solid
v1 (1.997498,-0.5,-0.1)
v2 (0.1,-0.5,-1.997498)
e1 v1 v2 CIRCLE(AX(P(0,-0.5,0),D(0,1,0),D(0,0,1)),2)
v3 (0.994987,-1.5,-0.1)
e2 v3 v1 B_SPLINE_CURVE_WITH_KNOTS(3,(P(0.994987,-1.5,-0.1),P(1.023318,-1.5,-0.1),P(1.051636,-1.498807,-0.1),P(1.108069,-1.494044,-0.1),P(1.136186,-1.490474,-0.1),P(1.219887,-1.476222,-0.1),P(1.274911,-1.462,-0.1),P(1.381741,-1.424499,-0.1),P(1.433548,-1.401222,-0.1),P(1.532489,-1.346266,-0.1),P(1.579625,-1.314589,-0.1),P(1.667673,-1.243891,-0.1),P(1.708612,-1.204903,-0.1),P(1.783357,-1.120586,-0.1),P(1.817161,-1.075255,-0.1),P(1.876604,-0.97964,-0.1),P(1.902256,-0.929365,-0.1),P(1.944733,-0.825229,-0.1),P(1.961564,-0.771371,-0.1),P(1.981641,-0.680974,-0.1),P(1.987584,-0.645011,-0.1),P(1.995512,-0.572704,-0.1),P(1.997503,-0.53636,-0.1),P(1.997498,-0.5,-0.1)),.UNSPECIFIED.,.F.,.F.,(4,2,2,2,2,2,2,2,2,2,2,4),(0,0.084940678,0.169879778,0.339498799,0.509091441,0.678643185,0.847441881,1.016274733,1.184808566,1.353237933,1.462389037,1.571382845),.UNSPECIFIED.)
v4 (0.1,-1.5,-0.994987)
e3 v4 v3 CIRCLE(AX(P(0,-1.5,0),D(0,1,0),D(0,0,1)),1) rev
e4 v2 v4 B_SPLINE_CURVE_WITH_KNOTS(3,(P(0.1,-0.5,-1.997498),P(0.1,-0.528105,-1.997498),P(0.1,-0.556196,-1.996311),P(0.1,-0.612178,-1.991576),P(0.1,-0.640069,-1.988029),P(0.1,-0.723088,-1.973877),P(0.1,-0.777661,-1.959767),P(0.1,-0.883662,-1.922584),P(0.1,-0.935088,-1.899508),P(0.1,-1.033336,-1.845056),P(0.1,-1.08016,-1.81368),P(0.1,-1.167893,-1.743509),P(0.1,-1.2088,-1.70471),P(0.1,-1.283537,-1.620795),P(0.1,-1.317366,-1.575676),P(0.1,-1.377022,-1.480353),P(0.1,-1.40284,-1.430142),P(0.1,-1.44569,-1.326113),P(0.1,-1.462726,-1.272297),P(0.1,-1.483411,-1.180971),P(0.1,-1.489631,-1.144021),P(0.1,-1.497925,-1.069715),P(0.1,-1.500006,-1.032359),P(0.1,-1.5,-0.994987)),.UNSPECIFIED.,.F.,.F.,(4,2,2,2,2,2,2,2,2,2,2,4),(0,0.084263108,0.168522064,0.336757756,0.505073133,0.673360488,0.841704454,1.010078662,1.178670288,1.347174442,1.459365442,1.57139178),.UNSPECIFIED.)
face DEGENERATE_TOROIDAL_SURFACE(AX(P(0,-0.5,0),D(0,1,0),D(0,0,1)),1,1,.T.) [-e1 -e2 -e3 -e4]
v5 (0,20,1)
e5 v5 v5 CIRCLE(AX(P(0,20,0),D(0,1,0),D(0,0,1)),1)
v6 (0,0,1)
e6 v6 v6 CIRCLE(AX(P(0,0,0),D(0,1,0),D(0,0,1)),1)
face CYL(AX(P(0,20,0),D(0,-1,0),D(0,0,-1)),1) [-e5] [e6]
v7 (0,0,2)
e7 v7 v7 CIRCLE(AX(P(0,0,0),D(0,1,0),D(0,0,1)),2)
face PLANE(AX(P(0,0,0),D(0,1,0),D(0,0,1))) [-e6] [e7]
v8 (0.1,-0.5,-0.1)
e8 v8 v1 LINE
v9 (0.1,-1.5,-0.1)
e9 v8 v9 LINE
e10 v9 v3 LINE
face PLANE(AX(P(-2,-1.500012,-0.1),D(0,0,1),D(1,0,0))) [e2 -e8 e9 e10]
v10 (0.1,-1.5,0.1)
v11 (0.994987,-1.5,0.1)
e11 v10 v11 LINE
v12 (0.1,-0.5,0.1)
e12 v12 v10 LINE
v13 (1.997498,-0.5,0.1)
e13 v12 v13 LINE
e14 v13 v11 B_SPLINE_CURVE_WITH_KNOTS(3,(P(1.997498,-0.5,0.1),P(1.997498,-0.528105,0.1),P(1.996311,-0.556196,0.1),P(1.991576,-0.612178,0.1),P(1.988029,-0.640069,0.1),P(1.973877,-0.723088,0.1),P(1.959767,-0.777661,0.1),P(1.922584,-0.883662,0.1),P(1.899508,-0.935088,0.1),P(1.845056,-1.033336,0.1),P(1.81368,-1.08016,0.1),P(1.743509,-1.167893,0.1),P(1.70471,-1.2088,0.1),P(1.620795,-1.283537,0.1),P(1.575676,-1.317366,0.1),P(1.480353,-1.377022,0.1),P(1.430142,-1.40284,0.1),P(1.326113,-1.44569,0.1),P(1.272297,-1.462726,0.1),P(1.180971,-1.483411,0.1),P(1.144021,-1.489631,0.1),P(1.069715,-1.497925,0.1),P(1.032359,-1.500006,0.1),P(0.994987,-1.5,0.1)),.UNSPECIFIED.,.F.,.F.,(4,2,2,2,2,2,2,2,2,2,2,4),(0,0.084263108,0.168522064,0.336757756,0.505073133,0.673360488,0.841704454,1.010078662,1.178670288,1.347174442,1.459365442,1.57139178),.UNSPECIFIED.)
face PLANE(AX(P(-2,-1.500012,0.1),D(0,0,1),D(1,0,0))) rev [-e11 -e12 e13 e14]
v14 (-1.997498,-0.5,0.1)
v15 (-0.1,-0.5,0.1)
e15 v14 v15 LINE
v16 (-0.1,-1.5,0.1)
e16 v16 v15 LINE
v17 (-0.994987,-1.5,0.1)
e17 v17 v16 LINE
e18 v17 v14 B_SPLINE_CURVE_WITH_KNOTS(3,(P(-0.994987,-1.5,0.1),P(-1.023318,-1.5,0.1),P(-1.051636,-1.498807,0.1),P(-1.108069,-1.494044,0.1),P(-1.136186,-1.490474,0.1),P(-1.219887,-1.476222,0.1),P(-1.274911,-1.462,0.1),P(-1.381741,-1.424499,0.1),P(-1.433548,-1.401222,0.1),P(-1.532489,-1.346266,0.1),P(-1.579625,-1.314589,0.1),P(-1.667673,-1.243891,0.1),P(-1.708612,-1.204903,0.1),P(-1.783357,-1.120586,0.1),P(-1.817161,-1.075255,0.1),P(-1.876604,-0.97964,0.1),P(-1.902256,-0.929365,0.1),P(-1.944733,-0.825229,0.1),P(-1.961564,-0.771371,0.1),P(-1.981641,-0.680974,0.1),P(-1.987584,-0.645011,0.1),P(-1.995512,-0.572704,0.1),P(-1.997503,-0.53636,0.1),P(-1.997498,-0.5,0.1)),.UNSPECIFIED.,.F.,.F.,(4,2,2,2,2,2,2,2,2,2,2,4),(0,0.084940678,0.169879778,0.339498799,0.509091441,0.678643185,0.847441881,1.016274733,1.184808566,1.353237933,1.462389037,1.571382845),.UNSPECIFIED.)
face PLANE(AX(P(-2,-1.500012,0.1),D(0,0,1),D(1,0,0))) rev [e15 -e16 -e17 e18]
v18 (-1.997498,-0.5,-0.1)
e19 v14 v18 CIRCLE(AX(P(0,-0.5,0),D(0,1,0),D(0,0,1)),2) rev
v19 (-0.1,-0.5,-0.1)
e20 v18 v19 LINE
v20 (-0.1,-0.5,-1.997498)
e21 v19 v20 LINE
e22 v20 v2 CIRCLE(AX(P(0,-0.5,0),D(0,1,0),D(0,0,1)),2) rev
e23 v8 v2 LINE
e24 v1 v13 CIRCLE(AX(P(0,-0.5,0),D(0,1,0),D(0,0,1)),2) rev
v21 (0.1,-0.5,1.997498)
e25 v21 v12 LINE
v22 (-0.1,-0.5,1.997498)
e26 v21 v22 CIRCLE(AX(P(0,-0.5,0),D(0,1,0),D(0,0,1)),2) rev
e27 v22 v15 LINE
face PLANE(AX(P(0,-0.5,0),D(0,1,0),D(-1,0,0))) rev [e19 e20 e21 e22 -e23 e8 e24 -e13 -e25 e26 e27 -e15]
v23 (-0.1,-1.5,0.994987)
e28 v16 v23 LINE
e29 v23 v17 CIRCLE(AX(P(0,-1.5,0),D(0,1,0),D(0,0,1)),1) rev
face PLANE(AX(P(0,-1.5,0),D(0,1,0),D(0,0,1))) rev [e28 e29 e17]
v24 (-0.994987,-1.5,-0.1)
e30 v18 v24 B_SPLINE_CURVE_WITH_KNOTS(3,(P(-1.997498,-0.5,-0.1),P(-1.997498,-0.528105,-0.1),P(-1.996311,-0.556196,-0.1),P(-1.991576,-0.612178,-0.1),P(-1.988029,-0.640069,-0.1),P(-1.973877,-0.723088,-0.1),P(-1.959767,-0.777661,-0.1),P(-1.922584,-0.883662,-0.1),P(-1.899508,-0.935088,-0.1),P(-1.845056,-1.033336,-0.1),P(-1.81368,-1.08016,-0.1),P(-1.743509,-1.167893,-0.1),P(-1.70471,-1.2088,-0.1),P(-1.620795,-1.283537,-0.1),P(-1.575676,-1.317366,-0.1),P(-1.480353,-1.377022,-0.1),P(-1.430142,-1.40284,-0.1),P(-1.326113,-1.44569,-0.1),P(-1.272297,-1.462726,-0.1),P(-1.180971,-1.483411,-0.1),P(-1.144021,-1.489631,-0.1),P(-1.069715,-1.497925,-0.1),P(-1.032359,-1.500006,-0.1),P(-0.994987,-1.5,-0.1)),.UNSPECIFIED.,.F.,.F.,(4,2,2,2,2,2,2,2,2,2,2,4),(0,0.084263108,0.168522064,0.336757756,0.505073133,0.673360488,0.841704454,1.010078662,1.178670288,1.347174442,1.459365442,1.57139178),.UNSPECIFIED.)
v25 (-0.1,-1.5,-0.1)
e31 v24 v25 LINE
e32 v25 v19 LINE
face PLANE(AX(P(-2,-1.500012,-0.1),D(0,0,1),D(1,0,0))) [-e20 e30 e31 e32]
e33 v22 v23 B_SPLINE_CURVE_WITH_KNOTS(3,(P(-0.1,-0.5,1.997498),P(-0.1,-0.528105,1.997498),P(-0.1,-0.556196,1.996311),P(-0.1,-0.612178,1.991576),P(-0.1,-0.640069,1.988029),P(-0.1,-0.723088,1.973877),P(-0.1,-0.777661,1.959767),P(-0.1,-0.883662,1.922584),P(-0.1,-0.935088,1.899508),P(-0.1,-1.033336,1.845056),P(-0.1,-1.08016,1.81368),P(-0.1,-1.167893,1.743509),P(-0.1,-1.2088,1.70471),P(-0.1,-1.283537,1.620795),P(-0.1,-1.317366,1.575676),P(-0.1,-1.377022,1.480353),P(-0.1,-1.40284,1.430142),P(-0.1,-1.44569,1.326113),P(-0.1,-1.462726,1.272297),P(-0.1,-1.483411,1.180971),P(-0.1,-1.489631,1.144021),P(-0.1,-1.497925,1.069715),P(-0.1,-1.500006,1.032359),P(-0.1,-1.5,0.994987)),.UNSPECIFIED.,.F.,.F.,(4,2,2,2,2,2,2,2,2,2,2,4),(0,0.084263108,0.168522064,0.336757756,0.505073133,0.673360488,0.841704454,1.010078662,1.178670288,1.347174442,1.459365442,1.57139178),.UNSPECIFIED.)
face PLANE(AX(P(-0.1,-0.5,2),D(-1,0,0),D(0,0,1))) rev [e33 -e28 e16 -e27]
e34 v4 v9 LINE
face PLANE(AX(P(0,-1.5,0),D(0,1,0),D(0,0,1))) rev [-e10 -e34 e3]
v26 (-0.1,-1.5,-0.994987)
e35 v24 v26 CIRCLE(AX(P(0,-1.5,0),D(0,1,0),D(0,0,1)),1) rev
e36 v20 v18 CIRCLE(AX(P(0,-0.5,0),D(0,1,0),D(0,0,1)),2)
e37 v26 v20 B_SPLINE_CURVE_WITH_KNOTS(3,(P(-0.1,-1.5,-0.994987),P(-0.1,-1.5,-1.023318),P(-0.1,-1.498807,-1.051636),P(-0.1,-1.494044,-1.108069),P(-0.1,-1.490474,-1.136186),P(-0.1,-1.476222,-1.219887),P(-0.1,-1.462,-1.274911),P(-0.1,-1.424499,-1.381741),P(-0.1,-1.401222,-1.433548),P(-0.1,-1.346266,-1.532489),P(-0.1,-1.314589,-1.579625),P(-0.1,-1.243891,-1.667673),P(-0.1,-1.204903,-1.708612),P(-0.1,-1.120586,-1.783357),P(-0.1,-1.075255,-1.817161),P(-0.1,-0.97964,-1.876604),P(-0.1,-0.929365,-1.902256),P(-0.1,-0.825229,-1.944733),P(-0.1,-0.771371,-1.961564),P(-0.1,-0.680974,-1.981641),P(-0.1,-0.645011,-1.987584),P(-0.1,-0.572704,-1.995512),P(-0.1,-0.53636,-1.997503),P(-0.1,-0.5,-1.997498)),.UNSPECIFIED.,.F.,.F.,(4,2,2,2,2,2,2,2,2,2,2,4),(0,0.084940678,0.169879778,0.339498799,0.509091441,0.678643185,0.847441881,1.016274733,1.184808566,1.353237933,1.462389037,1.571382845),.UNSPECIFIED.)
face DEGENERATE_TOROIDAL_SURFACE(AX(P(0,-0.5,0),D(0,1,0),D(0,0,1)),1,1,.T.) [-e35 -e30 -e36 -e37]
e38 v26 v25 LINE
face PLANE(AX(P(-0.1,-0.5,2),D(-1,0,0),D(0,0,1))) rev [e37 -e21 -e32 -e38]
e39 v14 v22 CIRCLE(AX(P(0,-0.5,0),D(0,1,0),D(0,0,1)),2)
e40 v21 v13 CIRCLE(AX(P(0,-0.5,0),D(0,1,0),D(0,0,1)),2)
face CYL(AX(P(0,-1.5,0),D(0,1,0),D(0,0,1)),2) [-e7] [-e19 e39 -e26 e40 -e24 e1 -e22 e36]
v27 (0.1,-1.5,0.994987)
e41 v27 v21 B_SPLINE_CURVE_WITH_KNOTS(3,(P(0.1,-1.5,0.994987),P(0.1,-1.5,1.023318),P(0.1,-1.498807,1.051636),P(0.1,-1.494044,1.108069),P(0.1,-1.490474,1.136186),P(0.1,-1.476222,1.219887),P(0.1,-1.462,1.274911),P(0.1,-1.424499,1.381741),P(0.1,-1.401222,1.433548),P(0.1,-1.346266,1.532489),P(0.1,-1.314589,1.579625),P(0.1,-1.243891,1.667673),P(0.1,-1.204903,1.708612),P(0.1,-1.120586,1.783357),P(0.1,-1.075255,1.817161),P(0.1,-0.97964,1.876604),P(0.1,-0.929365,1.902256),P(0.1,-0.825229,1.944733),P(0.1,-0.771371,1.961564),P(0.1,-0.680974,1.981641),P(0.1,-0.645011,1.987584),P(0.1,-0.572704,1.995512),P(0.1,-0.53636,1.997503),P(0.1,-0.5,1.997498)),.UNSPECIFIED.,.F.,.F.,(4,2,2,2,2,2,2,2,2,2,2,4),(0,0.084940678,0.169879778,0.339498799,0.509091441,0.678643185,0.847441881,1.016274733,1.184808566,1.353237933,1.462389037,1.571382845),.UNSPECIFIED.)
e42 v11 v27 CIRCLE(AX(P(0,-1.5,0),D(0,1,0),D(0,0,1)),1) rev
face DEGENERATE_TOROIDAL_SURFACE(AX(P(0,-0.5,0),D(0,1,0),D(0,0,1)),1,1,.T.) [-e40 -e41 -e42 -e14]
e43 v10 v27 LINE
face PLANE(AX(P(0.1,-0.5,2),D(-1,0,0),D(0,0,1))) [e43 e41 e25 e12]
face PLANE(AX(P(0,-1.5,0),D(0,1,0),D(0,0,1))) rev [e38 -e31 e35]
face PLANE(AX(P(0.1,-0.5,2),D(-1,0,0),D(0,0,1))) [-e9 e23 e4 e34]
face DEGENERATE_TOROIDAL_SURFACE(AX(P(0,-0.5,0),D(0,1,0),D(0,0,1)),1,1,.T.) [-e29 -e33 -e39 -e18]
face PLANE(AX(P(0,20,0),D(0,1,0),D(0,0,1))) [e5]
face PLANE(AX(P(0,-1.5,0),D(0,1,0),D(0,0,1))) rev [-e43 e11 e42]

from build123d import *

# Parameters (mm, degrees)
SKETCH_1_R               = 2
EXTRUDE_1_DEPTH          = 1.5
SKETCH_2_R               = 1
EXTRUDE_2_DEPTH          = 20
CUT_EXTRUDE_1_DEPTH      = 22.685248442
CUT_EXTRUDE_1_DEPTH_BACK = 1
SKETCH_4_W               = 4
SKETCH_4_H               = 0.2
SKETCH_4_W_2             = 0.2
SKETCH_4_H_2             = 4
FILLET_1_R               = 1


with BuildPart() as part:
    # 草图1 → 凸台-拉伸1 (new body)
    with BuildSketch(Plane(origin=(0, 0, 0), x_dir=(1, 0, 0), z_dir=(0, 1, 0))):
        Circle(SKETCH_1_R)
    extrude(amount=-EXTRUDE_1_DEPTH)

    # 草图2 → 凸台-拉伸2 (add)
    with BuildSketch(Plane(origin=(0, 0, 0), x_dir=(1, 0, 0), z_dir=(0, 1, 0))):
        Circle(SKETCH_2_R)
    extrude(amount=EXTRUDE_2_DEPTH)

    # 草图4 → 切除-拉伸-薄壁1 (cut, two sides: drawn at the far end of the back side and taken through both)
    with BuildSketch(Plane.XZ.offset(1.5).offset(-CUT_EXTRUDE_1_DEPTH_BACK)):
        Rectangle(SKETCH_4_W, SKETCH_4_H)
        Rectangle(SKETCH_4_W_2, SKETCH_4_H_2)
    extrude(amount=CUT_EXTRUDE_1_DEPTH + CUT_EXTRUDE_1_DEPTH_BACK, mode=Mode.SUBTRACT)

    # 圆角1
    fillet_1_edges = [part.edges().sort_by_distance(p)[0] for p in [
        (1.414213562, -1.5, 1.414213562),
        (-1.414213562, -1.5, 1.414213562),
        (-1.414213562, -1.5, -1.414213562),
        (1.414213562, -1.5, -1.414213562),
    ]]
    fillet(fillet_1_edges, radius=FILLET_1_R)


solid = part.part
